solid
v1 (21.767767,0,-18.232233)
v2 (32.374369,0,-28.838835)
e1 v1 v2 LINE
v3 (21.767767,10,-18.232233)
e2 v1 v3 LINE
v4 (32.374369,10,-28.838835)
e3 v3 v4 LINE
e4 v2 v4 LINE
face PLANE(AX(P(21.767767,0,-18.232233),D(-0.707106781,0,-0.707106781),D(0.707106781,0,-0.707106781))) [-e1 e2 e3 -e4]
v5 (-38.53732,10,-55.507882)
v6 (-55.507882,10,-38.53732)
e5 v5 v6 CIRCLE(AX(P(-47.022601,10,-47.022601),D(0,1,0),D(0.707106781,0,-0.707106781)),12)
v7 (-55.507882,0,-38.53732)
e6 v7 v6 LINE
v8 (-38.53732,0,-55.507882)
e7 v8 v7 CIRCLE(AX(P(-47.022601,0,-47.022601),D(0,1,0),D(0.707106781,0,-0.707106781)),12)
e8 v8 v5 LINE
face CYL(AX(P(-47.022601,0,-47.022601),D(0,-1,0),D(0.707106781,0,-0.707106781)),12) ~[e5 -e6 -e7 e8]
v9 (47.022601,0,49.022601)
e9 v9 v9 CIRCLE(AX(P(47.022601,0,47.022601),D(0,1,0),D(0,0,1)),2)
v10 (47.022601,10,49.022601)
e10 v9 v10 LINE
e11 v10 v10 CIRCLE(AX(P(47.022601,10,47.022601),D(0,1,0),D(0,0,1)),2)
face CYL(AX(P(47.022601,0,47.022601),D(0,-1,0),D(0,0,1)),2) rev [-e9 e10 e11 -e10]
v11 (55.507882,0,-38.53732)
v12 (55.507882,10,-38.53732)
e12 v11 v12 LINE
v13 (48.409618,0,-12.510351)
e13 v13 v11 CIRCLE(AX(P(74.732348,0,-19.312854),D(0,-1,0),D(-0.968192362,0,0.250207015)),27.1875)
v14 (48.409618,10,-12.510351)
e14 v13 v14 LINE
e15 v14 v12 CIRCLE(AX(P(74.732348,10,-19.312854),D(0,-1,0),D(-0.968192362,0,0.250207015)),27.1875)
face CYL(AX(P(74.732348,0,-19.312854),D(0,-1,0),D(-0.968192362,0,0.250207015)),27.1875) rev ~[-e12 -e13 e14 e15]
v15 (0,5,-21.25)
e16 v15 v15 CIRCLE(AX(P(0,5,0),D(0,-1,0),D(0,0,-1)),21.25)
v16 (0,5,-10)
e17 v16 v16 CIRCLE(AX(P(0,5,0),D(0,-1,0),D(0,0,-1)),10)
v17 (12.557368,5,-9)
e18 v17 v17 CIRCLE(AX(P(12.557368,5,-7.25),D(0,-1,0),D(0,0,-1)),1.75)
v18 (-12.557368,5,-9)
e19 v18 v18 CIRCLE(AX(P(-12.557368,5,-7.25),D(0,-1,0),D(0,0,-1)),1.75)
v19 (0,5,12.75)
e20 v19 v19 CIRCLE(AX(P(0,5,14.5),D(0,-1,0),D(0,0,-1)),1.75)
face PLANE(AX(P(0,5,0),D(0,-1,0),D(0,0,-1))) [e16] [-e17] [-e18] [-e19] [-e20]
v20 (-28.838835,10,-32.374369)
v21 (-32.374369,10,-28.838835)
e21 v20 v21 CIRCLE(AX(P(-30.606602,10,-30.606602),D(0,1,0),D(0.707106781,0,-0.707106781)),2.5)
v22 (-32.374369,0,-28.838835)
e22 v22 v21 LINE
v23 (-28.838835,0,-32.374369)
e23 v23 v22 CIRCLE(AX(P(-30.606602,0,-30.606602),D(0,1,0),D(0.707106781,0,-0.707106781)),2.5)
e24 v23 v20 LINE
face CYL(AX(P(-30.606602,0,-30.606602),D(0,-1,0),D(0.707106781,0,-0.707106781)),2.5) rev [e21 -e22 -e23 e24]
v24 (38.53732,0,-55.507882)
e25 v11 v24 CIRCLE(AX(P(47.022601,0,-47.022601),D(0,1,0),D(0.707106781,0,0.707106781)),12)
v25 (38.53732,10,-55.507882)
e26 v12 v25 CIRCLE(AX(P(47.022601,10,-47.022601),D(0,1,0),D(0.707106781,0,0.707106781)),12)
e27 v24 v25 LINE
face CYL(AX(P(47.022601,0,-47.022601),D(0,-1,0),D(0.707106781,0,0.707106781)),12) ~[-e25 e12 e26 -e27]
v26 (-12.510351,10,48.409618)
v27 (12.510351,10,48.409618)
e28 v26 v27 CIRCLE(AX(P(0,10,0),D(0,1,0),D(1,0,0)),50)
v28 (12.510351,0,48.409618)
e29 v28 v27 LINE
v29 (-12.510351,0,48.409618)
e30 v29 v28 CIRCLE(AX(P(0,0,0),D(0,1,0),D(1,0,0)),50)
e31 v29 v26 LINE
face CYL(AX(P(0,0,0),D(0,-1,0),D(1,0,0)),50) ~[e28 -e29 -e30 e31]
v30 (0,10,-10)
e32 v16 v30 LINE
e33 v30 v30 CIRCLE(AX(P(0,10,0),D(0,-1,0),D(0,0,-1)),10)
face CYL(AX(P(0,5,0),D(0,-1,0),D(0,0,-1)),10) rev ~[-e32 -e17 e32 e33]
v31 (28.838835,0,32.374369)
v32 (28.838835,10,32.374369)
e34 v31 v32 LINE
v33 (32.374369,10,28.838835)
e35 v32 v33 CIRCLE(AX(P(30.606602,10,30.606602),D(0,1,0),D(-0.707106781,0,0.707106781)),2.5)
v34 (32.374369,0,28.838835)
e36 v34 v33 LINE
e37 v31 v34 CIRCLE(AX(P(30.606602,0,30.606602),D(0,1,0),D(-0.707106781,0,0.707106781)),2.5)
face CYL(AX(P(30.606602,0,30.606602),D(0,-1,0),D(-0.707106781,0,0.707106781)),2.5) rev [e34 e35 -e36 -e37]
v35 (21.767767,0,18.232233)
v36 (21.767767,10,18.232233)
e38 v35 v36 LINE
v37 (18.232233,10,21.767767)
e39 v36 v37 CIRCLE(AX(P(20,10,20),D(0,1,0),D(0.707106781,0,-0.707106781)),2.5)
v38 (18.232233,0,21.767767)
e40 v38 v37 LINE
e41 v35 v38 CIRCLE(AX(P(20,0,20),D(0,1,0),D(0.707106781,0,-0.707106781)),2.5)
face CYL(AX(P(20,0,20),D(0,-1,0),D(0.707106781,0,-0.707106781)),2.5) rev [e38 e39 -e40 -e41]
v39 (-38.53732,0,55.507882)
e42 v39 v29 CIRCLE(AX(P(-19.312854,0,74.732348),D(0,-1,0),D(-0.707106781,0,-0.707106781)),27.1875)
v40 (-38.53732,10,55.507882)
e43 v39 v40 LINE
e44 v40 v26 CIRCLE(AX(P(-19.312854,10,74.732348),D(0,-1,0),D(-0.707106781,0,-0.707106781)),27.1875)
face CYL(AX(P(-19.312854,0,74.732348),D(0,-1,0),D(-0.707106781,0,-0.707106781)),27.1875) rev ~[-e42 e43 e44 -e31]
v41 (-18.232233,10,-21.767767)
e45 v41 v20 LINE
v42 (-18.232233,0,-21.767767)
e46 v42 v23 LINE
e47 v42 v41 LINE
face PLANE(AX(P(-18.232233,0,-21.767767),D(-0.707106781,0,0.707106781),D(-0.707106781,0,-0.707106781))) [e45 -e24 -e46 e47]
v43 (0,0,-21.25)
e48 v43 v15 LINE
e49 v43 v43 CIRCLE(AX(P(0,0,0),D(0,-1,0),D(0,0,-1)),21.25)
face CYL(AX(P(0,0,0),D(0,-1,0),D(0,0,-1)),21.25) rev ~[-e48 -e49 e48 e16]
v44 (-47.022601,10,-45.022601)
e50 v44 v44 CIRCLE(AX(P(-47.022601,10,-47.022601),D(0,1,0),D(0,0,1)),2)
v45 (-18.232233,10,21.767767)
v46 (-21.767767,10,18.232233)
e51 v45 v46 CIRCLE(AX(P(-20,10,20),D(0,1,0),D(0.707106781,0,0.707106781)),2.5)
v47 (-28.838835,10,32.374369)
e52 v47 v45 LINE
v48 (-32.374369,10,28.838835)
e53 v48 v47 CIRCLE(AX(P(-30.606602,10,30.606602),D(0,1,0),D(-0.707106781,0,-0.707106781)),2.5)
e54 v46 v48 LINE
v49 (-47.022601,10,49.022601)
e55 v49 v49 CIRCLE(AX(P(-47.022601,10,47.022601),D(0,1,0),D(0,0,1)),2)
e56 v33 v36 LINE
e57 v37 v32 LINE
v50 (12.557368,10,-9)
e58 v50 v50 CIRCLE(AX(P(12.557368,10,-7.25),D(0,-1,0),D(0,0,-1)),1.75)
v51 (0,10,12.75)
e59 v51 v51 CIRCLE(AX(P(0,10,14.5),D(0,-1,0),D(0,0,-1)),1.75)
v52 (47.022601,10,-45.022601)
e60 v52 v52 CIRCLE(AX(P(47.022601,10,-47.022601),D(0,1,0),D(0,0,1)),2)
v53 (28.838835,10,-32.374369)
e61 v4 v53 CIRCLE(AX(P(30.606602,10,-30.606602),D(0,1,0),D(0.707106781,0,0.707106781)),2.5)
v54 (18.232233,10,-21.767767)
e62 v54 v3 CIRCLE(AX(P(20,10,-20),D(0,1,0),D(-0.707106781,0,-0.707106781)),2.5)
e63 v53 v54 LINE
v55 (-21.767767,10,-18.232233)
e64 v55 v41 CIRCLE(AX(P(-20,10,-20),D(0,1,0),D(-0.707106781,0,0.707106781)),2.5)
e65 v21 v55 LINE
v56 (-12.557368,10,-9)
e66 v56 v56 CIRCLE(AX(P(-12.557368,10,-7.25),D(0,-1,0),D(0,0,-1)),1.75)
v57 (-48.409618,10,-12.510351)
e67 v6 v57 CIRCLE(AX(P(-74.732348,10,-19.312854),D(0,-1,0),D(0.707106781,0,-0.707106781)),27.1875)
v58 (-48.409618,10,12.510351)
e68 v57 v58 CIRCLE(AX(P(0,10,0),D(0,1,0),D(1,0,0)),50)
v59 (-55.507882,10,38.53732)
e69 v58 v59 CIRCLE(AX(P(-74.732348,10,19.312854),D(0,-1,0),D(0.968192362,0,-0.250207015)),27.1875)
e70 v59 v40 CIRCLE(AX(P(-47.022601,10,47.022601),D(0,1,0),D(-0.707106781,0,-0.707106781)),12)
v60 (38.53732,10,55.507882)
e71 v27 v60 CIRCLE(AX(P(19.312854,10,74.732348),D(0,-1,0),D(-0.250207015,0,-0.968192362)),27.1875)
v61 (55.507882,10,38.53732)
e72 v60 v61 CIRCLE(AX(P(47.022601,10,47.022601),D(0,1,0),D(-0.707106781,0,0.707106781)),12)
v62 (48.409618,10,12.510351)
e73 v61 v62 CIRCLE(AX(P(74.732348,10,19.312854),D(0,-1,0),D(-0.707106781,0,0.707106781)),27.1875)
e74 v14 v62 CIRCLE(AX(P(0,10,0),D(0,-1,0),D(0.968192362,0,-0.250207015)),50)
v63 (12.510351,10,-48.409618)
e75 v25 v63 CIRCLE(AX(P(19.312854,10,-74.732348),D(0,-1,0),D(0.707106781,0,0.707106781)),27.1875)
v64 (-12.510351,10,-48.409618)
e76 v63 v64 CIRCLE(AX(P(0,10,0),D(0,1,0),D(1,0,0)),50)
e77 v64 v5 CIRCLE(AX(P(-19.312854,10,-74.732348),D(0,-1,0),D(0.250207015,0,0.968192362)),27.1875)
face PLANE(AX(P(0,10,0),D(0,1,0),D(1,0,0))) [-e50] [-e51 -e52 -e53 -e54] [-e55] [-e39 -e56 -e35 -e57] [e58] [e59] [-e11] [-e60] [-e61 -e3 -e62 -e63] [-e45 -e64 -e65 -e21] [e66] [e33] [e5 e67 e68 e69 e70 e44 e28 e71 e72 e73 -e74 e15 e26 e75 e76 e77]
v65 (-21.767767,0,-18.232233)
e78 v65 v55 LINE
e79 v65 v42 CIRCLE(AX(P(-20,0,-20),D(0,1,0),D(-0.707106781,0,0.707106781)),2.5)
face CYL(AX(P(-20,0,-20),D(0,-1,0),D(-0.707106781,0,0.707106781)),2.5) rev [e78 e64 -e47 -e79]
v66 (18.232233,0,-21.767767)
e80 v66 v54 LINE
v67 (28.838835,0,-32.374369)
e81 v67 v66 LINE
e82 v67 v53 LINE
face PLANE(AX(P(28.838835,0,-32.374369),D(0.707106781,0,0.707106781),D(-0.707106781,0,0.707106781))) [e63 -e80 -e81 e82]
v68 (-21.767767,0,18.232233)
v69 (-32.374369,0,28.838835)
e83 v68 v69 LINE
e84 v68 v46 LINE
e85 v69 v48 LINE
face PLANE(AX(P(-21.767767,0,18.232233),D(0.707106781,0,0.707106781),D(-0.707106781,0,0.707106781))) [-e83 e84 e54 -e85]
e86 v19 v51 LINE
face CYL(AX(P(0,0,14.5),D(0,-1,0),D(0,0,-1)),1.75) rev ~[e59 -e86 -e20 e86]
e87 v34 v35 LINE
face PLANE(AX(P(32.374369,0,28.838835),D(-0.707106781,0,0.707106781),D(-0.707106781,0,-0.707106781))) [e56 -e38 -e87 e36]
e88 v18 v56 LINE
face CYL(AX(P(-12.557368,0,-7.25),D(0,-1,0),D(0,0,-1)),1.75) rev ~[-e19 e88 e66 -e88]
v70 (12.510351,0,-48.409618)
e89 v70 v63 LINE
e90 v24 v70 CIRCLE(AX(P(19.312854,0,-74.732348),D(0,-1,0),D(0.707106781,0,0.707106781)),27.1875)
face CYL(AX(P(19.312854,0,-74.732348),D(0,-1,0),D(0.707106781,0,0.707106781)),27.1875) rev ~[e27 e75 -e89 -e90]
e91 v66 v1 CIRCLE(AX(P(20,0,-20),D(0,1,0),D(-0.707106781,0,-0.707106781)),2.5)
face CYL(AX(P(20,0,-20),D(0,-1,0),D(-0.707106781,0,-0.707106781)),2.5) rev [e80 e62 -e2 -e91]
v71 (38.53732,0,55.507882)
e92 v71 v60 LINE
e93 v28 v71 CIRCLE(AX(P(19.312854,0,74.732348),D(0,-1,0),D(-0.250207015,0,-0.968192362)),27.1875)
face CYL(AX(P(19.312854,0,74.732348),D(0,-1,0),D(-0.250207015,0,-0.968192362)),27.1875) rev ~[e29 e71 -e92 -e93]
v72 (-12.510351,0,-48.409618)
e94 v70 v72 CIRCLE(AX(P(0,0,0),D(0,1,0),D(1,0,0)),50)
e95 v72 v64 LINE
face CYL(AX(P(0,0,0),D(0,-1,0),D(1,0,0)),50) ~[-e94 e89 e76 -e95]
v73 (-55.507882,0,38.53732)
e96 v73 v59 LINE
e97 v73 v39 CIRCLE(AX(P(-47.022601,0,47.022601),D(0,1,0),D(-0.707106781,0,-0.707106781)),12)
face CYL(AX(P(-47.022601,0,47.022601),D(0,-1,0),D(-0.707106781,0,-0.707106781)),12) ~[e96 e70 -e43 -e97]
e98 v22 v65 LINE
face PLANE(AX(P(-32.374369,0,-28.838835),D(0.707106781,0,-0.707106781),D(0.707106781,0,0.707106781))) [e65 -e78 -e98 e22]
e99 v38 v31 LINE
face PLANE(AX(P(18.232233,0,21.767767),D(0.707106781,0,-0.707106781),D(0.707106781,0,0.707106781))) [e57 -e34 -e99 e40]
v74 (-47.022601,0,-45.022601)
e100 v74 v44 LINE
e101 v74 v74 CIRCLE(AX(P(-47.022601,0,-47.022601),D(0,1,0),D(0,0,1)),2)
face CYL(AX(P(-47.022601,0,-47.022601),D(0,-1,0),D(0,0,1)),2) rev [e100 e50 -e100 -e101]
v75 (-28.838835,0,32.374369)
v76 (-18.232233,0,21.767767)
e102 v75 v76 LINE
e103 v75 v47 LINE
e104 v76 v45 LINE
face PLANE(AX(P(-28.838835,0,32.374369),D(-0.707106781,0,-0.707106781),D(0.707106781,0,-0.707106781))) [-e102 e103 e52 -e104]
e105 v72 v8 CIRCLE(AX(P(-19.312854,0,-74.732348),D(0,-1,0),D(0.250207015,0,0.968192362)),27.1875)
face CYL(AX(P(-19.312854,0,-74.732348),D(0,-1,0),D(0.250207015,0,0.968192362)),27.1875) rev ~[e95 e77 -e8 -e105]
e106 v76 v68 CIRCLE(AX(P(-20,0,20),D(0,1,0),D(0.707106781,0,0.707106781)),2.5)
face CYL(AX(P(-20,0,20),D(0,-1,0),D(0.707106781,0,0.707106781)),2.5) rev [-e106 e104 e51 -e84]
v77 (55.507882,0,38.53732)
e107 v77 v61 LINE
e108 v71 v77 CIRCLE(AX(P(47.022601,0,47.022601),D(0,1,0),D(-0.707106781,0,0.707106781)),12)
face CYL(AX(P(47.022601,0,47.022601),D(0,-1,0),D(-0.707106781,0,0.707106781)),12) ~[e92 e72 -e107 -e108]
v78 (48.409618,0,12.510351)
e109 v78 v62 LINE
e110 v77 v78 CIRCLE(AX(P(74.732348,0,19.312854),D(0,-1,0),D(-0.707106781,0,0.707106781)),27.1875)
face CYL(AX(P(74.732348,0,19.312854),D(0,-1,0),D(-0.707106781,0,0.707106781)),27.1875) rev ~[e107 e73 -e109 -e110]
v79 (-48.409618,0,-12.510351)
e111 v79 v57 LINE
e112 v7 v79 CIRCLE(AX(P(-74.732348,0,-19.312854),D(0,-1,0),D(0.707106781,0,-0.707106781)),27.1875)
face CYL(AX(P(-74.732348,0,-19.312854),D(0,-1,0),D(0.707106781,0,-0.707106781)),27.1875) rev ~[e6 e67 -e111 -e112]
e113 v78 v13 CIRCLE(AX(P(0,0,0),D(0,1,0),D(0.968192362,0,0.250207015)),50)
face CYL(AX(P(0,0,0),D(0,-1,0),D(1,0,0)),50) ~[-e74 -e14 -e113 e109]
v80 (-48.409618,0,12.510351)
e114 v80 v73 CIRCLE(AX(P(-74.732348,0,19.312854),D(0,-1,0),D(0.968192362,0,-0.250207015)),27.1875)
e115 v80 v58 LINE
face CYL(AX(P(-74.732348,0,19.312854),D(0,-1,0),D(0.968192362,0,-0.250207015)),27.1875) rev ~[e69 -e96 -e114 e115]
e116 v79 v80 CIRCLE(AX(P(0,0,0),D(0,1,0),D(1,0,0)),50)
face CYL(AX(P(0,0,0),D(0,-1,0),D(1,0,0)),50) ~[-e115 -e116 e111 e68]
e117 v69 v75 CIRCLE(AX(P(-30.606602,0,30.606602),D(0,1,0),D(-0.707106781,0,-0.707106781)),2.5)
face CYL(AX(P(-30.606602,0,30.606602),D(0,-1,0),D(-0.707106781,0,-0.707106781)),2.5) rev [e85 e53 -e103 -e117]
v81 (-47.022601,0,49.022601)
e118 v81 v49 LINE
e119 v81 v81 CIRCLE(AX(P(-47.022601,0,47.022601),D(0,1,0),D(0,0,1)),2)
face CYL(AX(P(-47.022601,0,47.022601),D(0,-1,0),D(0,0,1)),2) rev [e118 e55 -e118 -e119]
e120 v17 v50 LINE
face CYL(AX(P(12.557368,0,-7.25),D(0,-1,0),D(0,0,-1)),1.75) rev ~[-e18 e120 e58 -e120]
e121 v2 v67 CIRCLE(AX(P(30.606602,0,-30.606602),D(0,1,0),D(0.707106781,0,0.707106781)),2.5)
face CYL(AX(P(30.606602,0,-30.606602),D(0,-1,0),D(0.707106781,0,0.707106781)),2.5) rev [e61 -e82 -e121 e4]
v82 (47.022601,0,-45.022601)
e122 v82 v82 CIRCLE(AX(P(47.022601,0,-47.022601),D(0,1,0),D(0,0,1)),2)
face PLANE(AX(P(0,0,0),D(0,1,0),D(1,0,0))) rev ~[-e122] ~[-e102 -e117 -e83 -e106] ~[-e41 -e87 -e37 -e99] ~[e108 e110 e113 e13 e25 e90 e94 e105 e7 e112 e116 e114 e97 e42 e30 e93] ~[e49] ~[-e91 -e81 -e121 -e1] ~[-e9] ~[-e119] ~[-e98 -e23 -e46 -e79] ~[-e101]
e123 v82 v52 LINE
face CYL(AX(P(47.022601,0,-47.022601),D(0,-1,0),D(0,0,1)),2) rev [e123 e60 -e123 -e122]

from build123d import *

# Parameters (mm, degrees)
SKETCH1_R           = 2
BOSS_EXTRUDE1_DEPTH = 10
SKETCH2_R           = 21.25
CUT_EXTRUDE1_DEPTH  = 5
SKETCH2_3_R         = 1.75
CUT_EXTRUDE2_DEPTH  = 85.067442245
SKETCH4_R           = 10
CUT_EXTRUDE3_DEPTH  = 84.620182047


with BuildPart() as part:
    # Sketch1 → Boss-Extrude1 (new body)
    with BuildSketch(Plane(origin=(0, 0, 0), x_dir=(1, 0, 0), z_dir=(0, 1, 0))):
        with BuildLine():
            ThreePointArc((48.409618097, -12.510350744), (50, 0), (48.409618097, 12.510350744))
            ThreePointArc((48.409618097, 12.510350744), (48.502831547, 26.466358431), (55.507882323, 38.537319575))
            ThreePointArc((55.507882323, 38.537319575), (55.507882323, 55.507882323), (38.537319575, 55.507882323))
            ThreePointArc((38.537319575, 55.507882323), (26.466358431, 48.502831547), (12.510350744, 48.409618097))
            ThreePointArc((12.510350744, 48.409618097), (0, 50), (-12.510350744, 48.409618097))
            ThreePointArc((-12.510350744, 48.409618097), (-26.466358431, 48.502831547), (-38.537319575, 55.507882323))
            ThreePointArc((-38.537319575, 55.507882323), (-55.507882323, 55.507882323), (-55.507882323, 38.537319575))
            ThreePointArc((-55.507882323, 38.537319575), (-48.502831547, 26.466358431), (-48.409618097, 12.510350744))
            ThreePointArc((-48.409618097, 12.510350744), (-50, 0), (-48.409618097, -12.510350744))
            ThreePointArc((-48.409618097, -12.510350744), (-48.502831547, -26.466358431), (-55.507882323, -38.537319575))
            ThreePointArc((-55.507882323, -38.537319575), (-55.507882323, -55.507882323), (-38.537319575, -55.507882323))
            ThreePointArc((-38.537319575, -55.507882323), (-26.466358431, -48.502831547), (-12.510350744, -48.409618097))
            ThreePointArc((-12.510350744, -48.409618097), (0, -50), (12.510350744, -48.409618097))
            ThreePointArc((12.510350744, -48.409618097), (26.466358431, -48.502831547), (38.537319575, -55.507882323))
            ThreePointArc((38.537319575, -55.507882323), (55.507882323, -55.507882323), (55.507882323, -38.537319575))
            ThreePointArc((55.507882323, -38.537319575), (48.502831547, -26.466358431), (48.409618097, -12.510350744))
        make_face()
        with BuildLine():
            ThreePointArc((-21.767766953, -18.232233047), (-18.232233047, -18.232233047), (-18.232233047, -21.767766953))
            Line((-18.232233047, -21.767766953), (-28.838834765, -32.374368671))
            ThreePointArc((-28.838834765, -32.374368671), (-32.374368671, -32.374368671), (-32.374368671, -28.838834765))
            Line((-32.374368671, -28.838834765), (-21.767766953, -18.232233047))
        make_face(mode=Mode.SUBTRACT)
        with BuildLine():
            ThreePointArc((18.232233047, -21.767766953), (18.232233047, -18.232233047), (21.767766953, -18.232233047))
            Line((21.767766953, -18.232233047), (32.374368671, -28.838834765))
            ThreePointArc((32.374368671, -28.838834765), (32.374368671, -32.374368671), (28.838834765, -32.374368671))
            Line((28.838834765, -32.374368671), (18.232233047, -21.767766953))
        make_face(mode=Mode.SUBTRACT)
        with BuildLine():
            ThreePointArc((-18.232233047, 21.767766953), (-18.232233047, 18.232233047), (-21.767766953, 18.232233047))
            Line((-21.767766953, 18.232233047), (-32.374368671, 28.838834765))
            ThreePointArc((-32.374368671, 28.838834765), (-32.374368671, 32.374368671), (-28.838834765, 32.374368671))
            Line((-28.838834765, 32.374368671), (-18.232233047, 21.767766953))
        make_face(mode=Mode.SUBTRACT)
        with BuildLine():
            ThreePointArc((21.767766953, 18.232233047), (18.232233047, 18.232233047), (18.232233047, 21.767766953))
            Line((18.232233047, 21.767766953), (28.838834765, 32.374368671))
            ThreePointArc((28.838834765, 32.374368671), (32.374368671, 32.374368671), (32.374368671, 28.838834765))
            Line((32.374368671, 28.838834765), (21.767766953, 18.232233047))
        make_face(mode=Mode.SUBTRACT)
        with Locations((47.022600949, -47.022600949)):
            Circle(SKETCH1_R, mode=Mode.SUBTRACT)
        with Locations((-47.022600949, -47.022600949)):
            Circle(SKETCH1_R, mode=Mode.SUBTRACT)
        with Locations((-47.022600949, 47.022600949)):
            Circle(SKETCH1_R, mode=Mode.SUBTRACT)
        with Locations((47.022600949, 47.022600949)):
            Circle(SKETCH1_R, mode=Mode.SUBTRACT)
    extrude(amount=BOSS_EXTRUDE1_DEPTH)

    # Sketch2 → Cut-Extrude1 (cut)
    with BuildSketch(Plane.XZ):
        Circle(SKETCH2_R)
    extrude(amount=-CUT_EXTRUDE1_DEPTH, mode=Mode.SUBTRACT)

    # Sketch2<3> → Cut-Extrude2 (cut, through all)
    with BuildSketch(Plane.XZ):
        with Locations((0, 14.5)):
            Circle(SKETCH2_3_R)
        with Locations((12.557368355, -7.25)):
            Circle(SKETCH2_3_R)
        with Locations((-12.557368355, -7.25)):
            Circle(SKETCH2_3_R)
    extrude(amount=-CUT_EXTRUDE2_DEPTH, mode=Mode.SUBTRACT)

    # Sketch4 → Cut-Extrude3 (cut, through all)
    with BuildSketch(Plane(origin=(0, 5, 0), x_dir=(-1, 0, 0), z_dir=(0, -1, 0))):
        Circle(SKETCH4_R)
    extrude(amount=-CUT_EXTRUDE3_DEPTH, mode=Mode.SUBTRACT)


solid = part.part
